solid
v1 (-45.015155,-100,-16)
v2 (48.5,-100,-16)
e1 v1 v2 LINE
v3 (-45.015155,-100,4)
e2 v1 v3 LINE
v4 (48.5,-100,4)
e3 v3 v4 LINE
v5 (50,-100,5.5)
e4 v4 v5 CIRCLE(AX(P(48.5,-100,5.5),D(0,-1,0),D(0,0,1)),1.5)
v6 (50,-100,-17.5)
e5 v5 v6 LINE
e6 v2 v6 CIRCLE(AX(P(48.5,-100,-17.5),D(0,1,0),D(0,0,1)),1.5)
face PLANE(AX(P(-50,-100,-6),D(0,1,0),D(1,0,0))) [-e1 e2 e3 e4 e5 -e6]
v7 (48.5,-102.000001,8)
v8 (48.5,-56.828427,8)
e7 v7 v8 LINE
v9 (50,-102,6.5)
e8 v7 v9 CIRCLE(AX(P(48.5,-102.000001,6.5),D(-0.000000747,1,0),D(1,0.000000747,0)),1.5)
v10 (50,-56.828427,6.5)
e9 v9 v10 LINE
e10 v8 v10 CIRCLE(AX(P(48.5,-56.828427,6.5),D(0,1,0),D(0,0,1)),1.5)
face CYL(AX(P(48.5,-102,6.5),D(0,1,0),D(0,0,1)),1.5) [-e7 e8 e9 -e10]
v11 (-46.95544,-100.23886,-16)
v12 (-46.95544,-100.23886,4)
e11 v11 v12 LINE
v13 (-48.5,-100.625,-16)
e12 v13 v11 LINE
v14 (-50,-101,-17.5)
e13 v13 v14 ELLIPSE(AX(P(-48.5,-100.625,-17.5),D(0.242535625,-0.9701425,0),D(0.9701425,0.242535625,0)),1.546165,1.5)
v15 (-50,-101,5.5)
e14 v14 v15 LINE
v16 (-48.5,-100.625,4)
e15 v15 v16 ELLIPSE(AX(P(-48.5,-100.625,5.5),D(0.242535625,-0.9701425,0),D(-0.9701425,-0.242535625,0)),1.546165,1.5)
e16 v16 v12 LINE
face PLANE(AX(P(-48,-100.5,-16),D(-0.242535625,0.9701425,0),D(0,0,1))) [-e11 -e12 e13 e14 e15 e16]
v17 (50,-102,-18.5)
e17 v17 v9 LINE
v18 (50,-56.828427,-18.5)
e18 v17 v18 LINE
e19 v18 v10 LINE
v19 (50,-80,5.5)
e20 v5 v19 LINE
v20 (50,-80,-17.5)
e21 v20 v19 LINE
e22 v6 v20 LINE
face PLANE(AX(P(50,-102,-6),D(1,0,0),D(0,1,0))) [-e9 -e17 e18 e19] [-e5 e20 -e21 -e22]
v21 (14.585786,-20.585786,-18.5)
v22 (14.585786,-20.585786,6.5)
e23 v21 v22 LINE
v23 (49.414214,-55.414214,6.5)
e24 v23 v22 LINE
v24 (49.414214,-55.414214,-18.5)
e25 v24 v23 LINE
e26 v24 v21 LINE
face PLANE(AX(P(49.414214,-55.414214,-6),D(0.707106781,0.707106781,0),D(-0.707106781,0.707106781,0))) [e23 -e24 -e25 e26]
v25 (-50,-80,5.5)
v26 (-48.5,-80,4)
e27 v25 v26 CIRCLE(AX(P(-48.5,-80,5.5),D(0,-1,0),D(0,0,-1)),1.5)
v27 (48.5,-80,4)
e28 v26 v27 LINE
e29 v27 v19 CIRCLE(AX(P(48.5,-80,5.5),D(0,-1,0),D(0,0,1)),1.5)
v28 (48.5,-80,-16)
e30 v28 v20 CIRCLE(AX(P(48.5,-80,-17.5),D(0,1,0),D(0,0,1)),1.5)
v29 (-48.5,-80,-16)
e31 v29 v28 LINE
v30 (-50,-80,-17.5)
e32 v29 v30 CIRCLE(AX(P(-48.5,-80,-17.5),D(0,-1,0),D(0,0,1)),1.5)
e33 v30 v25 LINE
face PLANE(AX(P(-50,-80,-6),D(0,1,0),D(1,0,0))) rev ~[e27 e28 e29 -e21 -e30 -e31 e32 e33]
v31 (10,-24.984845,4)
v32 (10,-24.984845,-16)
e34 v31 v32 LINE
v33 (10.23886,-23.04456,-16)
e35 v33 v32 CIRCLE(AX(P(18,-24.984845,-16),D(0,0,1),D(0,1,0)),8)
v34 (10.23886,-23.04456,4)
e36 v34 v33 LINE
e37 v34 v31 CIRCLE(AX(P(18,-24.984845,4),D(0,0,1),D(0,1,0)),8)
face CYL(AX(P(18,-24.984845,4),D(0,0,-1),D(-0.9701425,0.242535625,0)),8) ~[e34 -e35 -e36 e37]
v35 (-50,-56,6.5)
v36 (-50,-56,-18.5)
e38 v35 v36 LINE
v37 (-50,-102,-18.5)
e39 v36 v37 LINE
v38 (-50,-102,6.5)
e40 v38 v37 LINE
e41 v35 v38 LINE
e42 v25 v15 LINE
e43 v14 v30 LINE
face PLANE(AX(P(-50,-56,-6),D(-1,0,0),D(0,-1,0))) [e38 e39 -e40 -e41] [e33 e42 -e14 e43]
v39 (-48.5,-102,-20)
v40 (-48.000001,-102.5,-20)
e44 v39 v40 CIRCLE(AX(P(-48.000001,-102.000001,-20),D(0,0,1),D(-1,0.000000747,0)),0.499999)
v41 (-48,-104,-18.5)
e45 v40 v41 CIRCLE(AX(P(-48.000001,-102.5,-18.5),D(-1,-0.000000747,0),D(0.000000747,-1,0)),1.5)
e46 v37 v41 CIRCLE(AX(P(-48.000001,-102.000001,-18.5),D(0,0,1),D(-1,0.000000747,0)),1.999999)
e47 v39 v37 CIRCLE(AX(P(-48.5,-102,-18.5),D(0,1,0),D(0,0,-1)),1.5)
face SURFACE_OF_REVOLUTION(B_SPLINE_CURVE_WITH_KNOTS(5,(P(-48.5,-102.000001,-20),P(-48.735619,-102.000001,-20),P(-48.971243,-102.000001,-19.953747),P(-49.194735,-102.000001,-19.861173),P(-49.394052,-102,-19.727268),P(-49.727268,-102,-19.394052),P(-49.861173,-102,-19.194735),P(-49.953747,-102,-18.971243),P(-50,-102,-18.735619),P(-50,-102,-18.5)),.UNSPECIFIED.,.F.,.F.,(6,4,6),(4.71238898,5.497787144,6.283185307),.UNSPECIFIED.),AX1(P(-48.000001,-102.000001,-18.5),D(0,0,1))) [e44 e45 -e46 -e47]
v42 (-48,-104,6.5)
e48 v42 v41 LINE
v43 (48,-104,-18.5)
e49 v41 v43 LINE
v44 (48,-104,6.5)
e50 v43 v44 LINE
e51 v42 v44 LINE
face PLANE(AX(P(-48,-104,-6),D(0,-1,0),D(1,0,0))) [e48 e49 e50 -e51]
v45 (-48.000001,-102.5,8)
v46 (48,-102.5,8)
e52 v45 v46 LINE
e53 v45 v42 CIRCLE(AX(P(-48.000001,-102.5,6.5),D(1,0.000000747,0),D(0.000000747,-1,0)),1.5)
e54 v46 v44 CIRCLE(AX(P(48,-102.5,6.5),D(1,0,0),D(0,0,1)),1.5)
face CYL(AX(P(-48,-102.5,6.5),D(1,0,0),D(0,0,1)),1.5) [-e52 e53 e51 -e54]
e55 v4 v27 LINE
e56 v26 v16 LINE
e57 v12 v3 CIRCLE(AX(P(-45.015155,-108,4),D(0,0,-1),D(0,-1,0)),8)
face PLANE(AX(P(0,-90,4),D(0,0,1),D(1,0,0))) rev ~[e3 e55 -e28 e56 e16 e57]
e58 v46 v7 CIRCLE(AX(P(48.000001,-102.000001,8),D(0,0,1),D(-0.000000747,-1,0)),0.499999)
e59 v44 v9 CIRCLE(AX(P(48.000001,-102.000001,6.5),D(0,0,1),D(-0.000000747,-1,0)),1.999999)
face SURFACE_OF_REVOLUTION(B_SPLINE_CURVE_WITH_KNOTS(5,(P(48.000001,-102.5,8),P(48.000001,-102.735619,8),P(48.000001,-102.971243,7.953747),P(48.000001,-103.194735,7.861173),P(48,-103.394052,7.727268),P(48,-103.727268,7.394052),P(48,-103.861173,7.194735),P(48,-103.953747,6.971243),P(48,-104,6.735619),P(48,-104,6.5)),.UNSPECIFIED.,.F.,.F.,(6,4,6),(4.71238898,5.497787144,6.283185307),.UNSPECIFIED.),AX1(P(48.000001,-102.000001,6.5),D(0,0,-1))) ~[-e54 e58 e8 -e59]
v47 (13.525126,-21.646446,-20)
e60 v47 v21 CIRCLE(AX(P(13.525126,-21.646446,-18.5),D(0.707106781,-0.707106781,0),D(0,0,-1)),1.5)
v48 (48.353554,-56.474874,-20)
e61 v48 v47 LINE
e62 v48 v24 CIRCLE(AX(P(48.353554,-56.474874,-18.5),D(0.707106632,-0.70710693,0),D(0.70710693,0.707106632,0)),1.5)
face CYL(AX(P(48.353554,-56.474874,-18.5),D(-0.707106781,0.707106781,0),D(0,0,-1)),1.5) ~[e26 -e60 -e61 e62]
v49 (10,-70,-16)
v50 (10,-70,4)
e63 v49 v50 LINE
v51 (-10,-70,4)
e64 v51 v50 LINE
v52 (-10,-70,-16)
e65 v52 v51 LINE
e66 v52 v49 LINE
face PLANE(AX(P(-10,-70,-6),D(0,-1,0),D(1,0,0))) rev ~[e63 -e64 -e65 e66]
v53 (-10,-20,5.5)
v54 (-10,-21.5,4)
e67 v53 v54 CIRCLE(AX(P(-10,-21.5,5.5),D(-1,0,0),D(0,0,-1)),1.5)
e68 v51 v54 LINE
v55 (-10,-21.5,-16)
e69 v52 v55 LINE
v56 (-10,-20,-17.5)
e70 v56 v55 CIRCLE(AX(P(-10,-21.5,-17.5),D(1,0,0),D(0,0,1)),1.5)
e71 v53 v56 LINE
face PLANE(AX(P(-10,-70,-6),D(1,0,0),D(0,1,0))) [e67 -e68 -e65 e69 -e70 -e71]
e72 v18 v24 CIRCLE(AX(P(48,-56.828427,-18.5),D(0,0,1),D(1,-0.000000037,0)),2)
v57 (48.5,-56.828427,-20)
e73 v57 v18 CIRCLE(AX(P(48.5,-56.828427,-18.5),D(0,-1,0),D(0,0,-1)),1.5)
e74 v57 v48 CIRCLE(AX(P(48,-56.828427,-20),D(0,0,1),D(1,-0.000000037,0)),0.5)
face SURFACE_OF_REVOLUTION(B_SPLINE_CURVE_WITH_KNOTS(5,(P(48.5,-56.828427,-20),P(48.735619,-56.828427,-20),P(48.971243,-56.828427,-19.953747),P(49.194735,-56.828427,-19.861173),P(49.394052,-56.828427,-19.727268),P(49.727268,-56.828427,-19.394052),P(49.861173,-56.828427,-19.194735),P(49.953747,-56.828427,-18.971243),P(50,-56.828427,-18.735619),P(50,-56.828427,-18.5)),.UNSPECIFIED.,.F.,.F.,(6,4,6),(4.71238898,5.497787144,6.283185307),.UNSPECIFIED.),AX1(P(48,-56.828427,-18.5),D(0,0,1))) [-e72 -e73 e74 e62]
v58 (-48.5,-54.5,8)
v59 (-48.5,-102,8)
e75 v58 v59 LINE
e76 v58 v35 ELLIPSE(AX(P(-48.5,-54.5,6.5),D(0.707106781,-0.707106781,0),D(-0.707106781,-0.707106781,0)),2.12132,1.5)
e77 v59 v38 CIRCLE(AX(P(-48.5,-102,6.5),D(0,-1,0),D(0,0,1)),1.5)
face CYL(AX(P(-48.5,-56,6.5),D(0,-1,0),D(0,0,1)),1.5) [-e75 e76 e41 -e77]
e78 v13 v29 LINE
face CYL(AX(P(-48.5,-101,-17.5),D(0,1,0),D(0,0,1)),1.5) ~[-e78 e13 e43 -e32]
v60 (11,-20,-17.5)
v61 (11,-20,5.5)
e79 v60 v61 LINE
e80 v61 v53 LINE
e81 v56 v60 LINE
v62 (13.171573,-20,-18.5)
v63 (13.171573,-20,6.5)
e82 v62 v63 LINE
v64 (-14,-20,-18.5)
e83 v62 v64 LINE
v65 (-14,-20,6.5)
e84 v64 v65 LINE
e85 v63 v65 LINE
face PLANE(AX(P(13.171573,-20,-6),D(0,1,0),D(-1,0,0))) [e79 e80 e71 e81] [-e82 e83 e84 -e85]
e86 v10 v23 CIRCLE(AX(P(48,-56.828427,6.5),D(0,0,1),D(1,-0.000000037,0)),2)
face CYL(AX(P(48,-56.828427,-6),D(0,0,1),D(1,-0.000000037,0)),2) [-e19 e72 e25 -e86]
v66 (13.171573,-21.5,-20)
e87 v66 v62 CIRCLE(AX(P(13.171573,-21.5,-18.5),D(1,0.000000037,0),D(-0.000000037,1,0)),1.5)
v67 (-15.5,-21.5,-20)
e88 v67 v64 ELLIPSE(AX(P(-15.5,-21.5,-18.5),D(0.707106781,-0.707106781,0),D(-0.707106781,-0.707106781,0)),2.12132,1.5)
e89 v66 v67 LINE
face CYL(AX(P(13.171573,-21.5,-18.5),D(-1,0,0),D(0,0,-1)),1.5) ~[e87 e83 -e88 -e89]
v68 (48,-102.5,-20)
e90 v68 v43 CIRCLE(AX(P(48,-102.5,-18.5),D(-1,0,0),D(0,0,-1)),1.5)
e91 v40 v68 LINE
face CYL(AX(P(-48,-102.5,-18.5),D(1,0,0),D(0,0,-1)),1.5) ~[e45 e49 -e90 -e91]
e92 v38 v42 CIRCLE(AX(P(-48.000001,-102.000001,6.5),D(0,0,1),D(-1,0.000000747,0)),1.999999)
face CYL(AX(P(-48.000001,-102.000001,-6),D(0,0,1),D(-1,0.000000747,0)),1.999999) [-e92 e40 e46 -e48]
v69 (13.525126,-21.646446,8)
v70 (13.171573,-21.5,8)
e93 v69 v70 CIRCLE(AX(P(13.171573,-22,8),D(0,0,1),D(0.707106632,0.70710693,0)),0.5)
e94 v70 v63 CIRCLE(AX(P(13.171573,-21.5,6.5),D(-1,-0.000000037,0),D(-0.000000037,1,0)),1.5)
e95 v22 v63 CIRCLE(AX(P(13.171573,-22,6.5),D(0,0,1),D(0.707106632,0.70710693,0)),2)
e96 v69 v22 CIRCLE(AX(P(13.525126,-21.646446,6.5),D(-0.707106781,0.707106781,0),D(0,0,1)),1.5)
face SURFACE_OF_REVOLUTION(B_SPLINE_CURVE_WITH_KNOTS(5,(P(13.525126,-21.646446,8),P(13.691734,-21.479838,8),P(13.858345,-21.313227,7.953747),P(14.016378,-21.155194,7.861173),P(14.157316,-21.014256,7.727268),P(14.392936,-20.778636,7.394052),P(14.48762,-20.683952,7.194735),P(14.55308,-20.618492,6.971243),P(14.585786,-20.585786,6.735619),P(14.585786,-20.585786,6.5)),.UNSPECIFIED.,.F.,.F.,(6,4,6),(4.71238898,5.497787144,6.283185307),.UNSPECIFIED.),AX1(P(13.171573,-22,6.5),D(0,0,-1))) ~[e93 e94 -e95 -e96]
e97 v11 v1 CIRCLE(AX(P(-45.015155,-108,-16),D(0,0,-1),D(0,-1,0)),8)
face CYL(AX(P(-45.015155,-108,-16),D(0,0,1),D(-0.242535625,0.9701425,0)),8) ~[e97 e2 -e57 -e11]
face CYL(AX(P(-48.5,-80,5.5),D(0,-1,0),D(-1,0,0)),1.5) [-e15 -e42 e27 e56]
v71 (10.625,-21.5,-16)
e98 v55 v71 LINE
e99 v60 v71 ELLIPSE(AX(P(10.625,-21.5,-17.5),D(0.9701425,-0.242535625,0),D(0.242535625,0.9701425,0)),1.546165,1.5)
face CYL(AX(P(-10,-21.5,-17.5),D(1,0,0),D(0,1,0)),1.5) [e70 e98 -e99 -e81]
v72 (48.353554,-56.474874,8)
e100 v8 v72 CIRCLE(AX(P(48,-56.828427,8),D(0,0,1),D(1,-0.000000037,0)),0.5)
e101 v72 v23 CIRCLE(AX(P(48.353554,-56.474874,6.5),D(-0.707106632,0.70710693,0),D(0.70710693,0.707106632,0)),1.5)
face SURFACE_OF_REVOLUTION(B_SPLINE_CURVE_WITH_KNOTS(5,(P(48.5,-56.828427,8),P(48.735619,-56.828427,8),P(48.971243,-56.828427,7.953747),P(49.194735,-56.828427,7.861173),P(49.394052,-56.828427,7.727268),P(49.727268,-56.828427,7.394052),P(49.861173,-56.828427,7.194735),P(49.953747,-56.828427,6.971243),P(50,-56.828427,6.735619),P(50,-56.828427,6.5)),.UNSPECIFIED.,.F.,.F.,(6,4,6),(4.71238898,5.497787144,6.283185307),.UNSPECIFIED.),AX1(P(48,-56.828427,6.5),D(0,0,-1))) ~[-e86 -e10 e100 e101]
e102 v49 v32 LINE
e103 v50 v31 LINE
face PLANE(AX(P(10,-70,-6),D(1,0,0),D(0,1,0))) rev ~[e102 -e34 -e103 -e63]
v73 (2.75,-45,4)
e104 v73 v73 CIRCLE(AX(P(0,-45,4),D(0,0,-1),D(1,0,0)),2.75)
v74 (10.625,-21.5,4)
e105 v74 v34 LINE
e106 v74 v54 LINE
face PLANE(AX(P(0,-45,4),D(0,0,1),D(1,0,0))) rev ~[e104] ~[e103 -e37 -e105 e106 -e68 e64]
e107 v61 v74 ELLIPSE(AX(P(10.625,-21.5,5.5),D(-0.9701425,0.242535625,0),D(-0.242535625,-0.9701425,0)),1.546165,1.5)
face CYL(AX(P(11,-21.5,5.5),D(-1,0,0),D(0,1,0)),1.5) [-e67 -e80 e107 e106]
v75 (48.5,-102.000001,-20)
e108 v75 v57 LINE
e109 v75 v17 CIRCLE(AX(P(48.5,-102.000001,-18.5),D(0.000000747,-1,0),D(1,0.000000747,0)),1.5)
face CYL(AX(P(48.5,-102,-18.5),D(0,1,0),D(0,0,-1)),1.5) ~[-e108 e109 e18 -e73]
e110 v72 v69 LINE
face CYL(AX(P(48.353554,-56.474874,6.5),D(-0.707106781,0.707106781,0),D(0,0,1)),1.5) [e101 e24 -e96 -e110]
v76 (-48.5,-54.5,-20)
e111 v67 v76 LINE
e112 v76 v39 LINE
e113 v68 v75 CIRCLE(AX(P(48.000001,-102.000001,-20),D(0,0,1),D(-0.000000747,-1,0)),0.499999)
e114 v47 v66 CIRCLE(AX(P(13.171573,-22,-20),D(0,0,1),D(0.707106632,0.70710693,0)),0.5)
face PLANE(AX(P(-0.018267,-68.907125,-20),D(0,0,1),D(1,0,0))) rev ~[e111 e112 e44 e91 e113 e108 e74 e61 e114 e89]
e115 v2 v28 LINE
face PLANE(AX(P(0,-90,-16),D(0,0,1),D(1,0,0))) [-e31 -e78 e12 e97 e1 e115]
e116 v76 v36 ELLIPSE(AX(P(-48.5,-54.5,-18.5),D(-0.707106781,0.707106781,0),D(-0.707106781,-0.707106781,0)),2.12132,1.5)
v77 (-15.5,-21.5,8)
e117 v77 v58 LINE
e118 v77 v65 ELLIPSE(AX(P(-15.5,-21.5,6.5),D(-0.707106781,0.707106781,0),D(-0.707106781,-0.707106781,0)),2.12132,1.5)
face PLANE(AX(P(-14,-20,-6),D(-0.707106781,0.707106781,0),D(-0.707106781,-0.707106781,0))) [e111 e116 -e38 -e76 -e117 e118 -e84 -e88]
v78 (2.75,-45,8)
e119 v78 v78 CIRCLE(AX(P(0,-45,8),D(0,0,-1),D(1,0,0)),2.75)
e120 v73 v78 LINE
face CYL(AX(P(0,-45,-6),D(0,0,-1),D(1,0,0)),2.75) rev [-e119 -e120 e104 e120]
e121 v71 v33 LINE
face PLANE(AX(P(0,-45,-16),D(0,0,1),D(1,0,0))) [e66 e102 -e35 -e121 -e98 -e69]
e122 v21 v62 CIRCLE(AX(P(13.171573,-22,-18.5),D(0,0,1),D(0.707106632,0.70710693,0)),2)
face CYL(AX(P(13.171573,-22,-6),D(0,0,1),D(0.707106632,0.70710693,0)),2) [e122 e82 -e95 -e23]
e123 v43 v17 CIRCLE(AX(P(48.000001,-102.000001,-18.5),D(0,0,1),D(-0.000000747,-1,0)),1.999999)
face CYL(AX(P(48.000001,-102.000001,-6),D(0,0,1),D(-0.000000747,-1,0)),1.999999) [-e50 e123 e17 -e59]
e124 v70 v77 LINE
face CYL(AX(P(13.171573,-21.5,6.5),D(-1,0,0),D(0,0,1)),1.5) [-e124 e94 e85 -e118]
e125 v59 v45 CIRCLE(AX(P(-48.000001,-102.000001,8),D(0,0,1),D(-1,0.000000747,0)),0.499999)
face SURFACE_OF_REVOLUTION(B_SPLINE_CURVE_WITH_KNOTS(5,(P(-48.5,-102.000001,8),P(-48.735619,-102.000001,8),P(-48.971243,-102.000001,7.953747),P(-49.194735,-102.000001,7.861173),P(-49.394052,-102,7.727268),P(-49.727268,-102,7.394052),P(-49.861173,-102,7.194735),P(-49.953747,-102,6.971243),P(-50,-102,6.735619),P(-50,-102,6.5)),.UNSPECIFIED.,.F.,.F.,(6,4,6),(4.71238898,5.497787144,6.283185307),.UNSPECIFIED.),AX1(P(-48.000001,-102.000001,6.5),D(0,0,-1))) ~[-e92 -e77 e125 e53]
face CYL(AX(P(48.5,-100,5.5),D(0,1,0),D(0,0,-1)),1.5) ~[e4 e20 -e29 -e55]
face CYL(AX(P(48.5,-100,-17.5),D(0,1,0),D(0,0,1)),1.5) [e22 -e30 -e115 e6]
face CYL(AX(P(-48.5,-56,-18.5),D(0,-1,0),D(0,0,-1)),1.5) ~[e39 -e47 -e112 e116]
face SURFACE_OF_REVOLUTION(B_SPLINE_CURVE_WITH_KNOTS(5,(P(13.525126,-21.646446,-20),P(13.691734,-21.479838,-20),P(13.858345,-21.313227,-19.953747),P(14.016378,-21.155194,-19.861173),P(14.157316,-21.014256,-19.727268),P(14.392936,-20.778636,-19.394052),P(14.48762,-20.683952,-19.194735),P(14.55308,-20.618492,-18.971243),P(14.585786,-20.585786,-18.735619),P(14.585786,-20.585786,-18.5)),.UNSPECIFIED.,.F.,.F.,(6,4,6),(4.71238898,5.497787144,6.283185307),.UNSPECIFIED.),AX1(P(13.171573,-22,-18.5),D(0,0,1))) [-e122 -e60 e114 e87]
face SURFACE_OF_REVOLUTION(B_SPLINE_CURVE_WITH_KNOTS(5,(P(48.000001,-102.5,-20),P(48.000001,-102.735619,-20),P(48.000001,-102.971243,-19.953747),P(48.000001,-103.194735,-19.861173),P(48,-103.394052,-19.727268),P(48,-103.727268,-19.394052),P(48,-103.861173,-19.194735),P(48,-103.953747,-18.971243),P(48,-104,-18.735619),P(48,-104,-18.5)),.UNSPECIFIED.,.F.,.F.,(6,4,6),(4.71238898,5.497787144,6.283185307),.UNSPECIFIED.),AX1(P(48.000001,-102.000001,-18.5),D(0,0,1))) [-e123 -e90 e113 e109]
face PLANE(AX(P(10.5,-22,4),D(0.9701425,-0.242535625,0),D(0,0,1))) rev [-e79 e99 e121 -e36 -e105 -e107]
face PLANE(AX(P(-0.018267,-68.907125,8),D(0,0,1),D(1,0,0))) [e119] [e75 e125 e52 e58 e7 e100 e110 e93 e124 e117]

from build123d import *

# Parameters (mm, degrees)
PAD132_DEPTH       = 14
SKETCH600_W        = 100
SKETCH600_H        = 20
SKETCH600_W_2      = 20
SKETCH600_H_2      = 50
POCKET428_DEPTH    = 10
CHAMFER021_1_SIZE2 = 4
CHAMFER021_1_SIZE  = 1
CHAMFER021_2_SIZE2 = 4
CHAMFER021_2_SIZE  = 1
FILLET021_R        = 8
FILLET022_R        = 1.5
SKETCH601_R        = 2.75
POCKET429_DEPTH    = 14.001


with BuildPart() as part:
    # Sketch599 → Pad132 (new body, symmetric)
    with BuildSketch(Plane.XY):
        with BuildLine():
            Line((-48, -14), (48, -14))
            ThreePointArc((48, -14), (49.414214, -13.414214), (50, -12))
            Line((50, -12), (50, 33.171573))
            ThreePointArc((50, 33.171573), (49.847759, 33.93694), (49.414214, 34.585786))
            Line((49.414214, 34.585786), (14.585786, 69.414214))
            ThreePointArc((14.585786, 69.414214), (13.93694, 69.847759), (13.171573, 70))
            Line((13.171573, 70), (-14, 70))
            Line((-14, 70), (-50, 34))
            Line((-50, 34), (-50, -12))
            ThreePointArc((-50, -12), (-49.414214, -13.414214), (-48, -14))
        make_face()
    extrude(amount=PAD132_DEPTH, both=True)

    # Sketch600 → Pocket428 (cut, symmetric)
    with BuildSketch(Plane.XY):
        Rectangle(SKETCH600_W, SKETCH600_H)
        with Locations((0, 45)):
            Rectangle(SKETCH600_W_2, SKETCH600_H_2)
    extrude(amount=POCKET428_DEPTH, both=True, mode=Mode.SUBTRACT)

    # Chamfer021 1
    chamfer021_1_edges = [part.edges().sort_by_distance(p)[0] for p in [
        (-50, -10, 0),
    ]]
    chamfer021_1_side = part.faces().sort_by_distance((-50, 15.954955, 0))[0]
    chamfer(chamfer021_1_edges, length=CHAMFER021_1_SIZE, length2=CHAMFER021_1_SIZE2, reference=chamfer021_1_side)

    # Chamfer021 2
    chamfer021_2_edges = [part.edges().sort_by_distance(p)[0] for p in [
        (10, 70, 0),
    ]]
    chamfer021_2_side = part.faces().sort_by_distance((12.781407, 70, 0))[0]
    chamfer(chamfer021_2_edges, length=CHAMFER021_2_SIZE, length2=CHAMFER021_2_SIZE2, reference=chamfer021_2_side)

    # Fillet021
    fillet021_edges = [part.edges().sort_by_distance(p)[0] for p in [
        (10, 66, 0),
        (-46, -10, 0),
    ]]
    fillet(fillet021_edges, radius=FILLET021_R)

    # Fillet022
    fillet022_edges = [part.edges().sort_by_distance(p)[0] for p in [
        (-0.414214, 70, 14),
        (-0.414214, 70, -14),
        (-50, 0, 10),
        (-50, 0, -10),
        (0, 70, 10),
        (0, 70, -10),
        (50, 0, -10),
        (50, 0, 10),
    ]]
    fillet(fillet022_edges, radius=FILLET022_R)

    # Sketch601 → Pocket429 (cut, through all)
    with BuildSketch(Plane.XY):
        with Locations((0, 45)):
            Circle(SKETCH601_R)
    extrude(amount=POCKET429_DEPTH, mode=Mode.SUBTRACT)


with BuildPart() as part_1:
    # Body198 placement: moved
    add(part.part.moved(Location((0, -90, -6))))


solid = part_1.part
